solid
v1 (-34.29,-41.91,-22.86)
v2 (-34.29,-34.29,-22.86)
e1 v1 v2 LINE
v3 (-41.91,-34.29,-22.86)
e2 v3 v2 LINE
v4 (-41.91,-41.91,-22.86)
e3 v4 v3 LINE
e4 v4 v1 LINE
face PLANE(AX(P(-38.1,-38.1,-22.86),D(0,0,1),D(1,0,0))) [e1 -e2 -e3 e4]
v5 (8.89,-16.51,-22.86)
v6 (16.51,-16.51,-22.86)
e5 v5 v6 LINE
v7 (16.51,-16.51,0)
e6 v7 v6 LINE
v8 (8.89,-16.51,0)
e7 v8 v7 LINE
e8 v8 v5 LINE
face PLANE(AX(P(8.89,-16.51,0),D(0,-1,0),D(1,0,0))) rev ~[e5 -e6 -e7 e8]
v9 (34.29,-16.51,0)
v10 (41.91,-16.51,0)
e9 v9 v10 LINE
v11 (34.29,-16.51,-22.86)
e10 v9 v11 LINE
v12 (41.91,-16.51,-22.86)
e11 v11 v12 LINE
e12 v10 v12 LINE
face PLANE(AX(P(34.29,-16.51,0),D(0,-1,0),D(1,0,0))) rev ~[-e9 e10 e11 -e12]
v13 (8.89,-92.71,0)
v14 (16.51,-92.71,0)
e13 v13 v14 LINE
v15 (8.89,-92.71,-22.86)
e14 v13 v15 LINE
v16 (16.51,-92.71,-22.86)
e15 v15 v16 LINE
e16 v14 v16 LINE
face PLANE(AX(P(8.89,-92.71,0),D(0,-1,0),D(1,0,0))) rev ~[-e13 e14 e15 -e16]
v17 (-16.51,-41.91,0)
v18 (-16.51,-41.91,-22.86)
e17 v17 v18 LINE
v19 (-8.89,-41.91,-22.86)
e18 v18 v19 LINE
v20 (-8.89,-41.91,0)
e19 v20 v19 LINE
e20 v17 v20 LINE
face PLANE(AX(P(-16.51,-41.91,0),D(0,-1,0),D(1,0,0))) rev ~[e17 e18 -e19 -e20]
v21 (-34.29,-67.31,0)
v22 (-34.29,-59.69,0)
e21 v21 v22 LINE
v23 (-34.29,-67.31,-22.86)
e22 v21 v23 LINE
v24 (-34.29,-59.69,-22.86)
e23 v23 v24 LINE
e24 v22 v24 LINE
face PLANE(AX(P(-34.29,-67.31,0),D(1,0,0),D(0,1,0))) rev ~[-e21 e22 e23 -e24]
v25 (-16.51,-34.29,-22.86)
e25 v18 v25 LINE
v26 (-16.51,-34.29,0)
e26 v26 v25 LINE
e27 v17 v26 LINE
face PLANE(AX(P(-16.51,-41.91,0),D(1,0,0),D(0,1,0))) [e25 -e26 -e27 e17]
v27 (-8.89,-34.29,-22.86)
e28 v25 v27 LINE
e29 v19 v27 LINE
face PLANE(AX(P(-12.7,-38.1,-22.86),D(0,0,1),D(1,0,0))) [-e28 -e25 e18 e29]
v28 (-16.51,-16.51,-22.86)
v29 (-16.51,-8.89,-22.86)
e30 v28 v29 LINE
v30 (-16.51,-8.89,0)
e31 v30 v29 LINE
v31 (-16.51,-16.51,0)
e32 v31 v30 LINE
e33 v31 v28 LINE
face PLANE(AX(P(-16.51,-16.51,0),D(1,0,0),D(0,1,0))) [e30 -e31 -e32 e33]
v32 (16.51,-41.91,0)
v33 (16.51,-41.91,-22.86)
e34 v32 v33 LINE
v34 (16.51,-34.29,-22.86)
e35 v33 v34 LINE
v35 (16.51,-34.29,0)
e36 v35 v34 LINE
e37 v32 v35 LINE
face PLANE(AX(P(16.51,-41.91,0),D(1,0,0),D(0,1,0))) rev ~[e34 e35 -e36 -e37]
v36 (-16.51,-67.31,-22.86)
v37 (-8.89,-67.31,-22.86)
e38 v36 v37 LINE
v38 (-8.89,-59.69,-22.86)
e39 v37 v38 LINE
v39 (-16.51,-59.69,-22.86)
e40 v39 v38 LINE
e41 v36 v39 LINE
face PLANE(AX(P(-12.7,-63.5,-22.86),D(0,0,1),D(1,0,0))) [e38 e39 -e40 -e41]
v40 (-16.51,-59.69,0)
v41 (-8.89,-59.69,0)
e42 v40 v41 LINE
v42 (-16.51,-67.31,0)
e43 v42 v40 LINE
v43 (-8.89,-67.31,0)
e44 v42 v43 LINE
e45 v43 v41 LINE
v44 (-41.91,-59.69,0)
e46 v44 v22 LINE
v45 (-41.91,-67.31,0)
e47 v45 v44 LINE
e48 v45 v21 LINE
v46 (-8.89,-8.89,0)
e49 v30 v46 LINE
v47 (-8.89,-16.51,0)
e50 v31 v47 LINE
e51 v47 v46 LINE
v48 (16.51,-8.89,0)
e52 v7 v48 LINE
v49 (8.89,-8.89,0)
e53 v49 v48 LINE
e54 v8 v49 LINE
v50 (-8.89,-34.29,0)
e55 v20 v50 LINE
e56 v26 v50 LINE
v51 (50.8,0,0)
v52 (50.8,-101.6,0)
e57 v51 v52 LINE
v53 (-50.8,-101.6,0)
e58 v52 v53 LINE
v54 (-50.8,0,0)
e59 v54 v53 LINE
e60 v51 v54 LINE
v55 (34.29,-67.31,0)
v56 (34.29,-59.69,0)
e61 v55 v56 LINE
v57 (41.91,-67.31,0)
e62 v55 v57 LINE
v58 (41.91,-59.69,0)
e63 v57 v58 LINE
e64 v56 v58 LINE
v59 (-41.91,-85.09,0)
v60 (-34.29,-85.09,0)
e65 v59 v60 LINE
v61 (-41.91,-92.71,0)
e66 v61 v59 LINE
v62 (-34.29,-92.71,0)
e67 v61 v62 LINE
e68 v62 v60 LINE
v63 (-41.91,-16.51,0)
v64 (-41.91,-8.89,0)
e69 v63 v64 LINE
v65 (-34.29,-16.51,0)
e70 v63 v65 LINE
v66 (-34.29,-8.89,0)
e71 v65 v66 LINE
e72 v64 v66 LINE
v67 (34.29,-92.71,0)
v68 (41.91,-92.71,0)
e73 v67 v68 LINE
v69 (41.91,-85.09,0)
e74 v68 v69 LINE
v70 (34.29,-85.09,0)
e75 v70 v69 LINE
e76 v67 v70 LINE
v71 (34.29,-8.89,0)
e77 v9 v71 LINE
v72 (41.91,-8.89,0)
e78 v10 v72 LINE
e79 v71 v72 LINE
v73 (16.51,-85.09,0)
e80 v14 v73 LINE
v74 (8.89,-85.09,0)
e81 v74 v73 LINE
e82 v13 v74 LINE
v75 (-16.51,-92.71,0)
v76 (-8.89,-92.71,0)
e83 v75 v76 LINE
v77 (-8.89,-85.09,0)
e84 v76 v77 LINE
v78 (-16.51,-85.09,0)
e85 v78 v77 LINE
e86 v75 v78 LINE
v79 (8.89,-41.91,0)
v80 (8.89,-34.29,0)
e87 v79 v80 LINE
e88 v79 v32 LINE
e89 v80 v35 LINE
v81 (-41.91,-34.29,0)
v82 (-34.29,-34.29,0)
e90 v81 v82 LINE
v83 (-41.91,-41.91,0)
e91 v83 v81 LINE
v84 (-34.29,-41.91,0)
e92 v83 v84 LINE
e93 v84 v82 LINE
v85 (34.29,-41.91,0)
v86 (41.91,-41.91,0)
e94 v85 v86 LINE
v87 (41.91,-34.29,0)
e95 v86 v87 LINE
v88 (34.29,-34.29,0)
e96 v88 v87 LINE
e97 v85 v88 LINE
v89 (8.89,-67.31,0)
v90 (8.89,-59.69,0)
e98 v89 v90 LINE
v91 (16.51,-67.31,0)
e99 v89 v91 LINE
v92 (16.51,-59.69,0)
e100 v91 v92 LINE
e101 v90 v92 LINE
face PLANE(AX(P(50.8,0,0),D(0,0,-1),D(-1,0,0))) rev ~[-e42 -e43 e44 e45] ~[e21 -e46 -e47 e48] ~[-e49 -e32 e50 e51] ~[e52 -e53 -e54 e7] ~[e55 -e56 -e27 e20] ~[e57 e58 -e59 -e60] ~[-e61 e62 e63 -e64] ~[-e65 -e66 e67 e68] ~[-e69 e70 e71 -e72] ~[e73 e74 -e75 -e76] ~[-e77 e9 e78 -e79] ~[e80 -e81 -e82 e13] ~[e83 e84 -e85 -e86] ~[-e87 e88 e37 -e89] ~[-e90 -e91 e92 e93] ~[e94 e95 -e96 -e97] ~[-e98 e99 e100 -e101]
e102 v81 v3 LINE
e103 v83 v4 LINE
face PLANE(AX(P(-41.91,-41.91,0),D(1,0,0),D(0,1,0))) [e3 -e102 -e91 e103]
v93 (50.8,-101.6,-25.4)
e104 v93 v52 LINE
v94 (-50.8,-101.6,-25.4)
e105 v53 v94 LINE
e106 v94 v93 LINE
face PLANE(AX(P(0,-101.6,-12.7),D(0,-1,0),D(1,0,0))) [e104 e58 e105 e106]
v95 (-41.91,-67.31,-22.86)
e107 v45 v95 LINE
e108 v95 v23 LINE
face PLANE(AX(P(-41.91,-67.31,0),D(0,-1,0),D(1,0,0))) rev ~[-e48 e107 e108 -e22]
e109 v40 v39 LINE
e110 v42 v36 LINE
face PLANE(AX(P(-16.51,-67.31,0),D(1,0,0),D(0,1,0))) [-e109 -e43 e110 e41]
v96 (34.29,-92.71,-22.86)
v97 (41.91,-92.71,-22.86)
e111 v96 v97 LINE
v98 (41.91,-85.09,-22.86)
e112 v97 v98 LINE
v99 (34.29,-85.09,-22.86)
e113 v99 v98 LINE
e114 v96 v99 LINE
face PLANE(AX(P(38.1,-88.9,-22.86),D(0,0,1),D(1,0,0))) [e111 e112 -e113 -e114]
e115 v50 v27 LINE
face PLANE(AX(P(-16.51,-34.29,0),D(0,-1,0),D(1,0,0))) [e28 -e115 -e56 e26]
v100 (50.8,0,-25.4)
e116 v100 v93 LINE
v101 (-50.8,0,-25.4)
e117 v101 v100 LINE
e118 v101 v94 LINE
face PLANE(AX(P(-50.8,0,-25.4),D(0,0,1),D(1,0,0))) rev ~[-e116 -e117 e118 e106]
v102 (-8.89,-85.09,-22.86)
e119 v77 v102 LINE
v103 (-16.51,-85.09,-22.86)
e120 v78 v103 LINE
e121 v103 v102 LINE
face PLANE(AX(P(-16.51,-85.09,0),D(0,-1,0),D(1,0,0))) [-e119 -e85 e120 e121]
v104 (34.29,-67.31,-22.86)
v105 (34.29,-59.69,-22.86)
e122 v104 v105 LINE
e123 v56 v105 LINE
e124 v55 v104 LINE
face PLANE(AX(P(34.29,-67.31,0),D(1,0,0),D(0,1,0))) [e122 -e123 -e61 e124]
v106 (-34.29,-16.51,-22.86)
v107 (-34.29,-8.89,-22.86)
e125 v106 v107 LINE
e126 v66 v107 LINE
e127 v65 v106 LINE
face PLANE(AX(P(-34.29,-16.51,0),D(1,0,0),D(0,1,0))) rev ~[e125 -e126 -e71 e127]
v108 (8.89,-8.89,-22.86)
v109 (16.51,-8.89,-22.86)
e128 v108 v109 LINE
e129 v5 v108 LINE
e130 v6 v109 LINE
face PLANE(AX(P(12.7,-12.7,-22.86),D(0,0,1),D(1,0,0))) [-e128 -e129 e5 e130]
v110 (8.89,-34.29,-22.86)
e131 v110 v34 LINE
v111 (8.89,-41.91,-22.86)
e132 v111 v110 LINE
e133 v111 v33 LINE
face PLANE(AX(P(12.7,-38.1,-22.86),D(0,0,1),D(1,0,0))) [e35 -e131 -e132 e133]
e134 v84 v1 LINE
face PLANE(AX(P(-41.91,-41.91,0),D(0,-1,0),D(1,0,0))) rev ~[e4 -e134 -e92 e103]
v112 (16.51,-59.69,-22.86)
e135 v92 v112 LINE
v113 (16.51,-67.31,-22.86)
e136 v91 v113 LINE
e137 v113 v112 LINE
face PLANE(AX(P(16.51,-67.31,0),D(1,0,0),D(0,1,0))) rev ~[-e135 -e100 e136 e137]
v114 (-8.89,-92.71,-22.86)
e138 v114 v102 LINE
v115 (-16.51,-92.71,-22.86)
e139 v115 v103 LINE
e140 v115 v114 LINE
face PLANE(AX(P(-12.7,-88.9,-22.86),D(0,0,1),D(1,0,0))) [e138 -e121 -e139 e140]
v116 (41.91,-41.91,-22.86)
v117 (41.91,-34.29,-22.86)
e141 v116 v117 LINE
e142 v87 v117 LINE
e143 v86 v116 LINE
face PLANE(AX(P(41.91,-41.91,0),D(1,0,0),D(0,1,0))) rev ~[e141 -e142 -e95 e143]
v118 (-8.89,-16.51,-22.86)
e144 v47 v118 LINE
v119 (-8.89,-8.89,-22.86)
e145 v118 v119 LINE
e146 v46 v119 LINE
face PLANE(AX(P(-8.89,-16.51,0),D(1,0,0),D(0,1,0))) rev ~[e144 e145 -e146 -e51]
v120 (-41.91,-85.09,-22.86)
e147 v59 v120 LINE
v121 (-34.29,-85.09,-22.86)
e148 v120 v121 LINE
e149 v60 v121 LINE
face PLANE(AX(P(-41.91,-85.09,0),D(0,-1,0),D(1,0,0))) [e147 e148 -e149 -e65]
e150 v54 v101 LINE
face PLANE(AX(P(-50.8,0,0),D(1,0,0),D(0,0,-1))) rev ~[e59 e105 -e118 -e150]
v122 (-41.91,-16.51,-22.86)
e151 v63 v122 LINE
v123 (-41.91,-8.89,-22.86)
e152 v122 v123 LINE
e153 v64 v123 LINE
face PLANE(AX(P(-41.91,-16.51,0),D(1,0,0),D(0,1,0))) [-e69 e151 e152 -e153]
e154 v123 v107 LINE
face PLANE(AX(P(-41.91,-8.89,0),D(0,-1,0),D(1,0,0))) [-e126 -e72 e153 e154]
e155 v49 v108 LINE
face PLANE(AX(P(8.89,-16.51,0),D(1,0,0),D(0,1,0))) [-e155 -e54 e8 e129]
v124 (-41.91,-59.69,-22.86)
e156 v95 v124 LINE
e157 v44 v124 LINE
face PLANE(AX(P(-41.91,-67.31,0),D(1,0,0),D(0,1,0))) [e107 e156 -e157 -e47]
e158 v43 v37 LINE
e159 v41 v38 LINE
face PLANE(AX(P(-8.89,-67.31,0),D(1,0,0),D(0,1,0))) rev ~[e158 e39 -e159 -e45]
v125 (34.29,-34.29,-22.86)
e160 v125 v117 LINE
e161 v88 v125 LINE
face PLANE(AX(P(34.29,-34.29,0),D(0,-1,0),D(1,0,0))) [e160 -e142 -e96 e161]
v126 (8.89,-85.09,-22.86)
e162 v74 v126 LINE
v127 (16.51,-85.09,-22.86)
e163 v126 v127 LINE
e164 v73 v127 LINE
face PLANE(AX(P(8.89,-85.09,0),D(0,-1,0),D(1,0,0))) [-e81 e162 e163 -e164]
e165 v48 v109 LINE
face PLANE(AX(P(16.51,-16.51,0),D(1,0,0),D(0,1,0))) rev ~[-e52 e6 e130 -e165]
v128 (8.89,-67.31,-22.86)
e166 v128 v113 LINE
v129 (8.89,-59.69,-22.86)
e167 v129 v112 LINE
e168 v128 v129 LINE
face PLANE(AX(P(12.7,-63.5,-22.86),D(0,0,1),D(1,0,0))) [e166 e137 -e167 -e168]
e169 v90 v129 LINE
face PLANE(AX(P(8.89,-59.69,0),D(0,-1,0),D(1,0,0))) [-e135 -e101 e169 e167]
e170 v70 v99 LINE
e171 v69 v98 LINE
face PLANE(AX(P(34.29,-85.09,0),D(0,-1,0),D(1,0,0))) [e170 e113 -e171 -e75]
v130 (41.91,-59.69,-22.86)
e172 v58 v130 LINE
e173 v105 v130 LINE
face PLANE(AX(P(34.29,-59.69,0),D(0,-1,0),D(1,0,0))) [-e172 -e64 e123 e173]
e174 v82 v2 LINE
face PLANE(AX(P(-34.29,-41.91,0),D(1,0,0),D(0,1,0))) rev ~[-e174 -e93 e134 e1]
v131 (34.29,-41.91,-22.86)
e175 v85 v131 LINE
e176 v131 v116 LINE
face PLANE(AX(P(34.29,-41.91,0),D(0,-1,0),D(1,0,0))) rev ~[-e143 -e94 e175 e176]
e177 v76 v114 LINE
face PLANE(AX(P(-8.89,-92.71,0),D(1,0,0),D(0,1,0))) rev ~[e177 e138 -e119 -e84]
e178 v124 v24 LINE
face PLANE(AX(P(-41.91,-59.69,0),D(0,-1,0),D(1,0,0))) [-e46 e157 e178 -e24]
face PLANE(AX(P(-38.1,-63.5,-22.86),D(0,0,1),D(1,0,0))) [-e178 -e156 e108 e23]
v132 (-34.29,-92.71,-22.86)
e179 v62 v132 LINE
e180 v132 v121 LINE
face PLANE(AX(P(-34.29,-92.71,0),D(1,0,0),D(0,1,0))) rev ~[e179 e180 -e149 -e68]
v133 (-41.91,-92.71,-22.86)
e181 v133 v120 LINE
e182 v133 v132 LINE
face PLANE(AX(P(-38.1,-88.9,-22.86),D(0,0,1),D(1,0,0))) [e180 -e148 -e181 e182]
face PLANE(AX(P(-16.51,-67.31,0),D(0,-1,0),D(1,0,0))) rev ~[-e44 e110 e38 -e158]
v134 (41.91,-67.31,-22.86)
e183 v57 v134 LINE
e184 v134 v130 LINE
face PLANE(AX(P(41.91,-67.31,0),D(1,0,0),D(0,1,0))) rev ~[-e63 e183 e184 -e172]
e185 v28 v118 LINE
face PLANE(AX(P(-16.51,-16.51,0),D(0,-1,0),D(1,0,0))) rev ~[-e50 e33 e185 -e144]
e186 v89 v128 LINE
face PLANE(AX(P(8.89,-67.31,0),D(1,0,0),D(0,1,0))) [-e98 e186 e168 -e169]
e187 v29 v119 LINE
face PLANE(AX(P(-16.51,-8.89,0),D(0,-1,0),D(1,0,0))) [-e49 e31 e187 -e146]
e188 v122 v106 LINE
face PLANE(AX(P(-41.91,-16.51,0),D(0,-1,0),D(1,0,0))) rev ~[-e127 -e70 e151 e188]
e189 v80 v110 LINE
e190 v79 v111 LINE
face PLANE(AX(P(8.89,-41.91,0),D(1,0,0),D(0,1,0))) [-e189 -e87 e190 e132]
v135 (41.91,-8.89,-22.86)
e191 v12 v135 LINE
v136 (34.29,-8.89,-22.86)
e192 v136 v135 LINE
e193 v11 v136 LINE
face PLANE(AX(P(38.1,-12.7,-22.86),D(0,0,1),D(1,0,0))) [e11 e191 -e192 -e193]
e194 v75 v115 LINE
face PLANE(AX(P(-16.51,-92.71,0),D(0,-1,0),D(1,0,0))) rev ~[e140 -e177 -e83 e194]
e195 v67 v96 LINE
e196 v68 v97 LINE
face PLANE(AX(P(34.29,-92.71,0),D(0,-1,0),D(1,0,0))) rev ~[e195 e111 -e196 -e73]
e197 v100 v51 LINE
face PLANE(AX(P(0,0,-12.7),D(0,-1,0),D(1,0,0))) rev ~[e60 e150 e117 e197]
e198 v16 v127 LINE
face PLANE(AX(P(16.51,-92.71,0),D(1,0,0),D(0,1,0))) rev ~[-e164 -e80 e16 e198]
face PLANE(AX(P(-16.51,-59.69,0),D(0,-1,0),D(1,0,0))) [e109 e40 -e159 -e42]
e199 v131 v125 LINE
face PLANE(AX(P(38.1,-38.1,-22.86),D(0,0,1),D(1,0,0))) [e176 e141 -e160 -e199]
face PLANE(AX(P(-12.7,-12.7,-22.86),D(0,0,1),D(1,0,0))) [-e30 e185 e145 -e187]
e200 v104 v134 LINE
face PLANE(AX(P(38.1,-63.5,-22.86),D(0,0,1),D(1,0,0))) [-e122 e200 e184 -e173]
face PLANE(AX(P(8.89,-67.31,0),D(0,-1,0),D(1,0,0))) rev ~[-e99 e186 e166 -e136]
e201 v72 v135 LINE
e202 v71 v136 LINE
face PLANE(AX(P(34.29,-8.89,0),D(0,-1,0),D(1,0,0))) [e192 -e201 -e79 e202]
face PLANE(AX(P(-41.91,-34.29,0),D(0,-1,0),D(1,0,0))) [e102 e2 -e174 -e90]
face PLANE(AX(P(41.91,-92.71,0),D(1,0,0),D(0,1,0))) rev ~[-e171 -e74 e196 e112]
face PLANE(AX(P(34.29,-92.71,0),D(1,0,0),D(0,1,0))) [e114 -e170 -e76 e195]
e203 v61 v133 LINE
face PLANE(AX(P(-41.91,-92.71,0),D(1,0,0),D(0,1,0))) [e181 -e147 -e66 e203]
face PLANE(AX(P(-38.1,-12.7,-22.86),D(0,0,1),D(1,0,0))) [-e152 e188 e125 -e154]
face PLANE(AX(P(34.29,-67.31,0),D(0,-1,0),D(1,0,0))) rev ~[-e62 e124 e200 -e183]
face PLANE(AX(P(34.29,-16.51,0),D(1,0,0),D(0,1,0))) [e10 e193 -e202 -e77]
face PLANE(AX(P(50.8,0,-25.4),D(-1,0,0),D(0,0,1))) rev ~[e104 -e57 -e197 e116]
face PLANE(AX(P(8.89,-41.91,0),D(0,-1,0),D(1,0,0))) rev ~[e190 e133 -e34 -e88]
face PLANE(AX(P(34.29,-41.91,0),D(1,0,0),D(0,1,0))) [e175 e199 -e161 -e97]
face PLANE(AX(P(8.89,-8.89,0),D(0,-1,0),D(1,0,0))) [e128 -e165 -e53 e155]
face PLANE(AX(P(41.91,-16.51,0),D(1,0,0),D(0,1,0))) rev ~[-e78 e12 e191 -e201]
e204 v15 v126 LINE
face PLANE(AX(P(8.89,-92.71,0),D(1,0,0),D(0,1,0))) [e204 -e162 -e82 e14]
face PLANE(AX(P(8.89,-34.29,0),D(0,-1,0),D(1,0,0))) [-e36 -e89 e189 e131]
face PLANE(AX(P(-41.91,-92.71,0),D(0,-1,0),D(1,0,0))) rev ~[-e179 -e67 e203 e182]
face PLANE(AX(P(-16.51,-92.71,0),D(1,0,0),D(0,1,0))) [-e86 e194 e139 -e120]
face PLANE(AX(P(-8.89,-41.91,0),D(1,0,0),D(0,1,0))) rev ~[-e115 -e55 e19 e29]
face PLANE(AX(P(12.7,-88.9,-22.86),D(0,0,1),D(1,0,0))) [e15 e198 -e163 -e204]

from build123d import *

# Parameters (mm, degrees)
F1_DEPTH = 101.6
F2_W     = 7.62
F2_H     = 7.62
F3_DEPTH = 22.86


with BuildPart() as f1:
    # F0 (on Front) → F1 (new body)
    with BuildSketch(Plane.XZ):
        Polygon((50.8, 0), (0, 0), (-50.8, 0), (-50.8, -25.4), (50.8, -25.4), align=None)
    extrude(amount=F1_DEPTH)

    # F2 (on face) → F3 (cut)
    with BuildSketch(Plane.XY):
        with Locations((-38.1, -12.7)):
            Rectangle(F2_W, F2_H)
        with Locations((-12.7, -12.7)):
            Rectangle(F2_W, F2_H)
        with Locations((12.7, -12.7)):
            Rectangle(F2_W, F2_H)
        with Locations((38.1, -12.7)):
            Rectangle(F2_W, F2_H)
        with Locations((-38.1, -38.1)):
            Rectangle(F2_W, F2_H)
        with Locations((-12.7, -38.1)):
            Rectangle(F2_W, F2_H)
        with Locations((-38.1, -63.5)):
            Rectangle(F2_W, F2_H)
        with Locations((-38.1, -88.9)):
            Rectangle(F2_W, F2_H)
        with Locations((-12.7, -88.9)):
            Rectangle(F2_W, F2_H)
        with Locations((12.7, -88.9)):
            Rectangle(F2_W, F2_H)
        with Locations((38.1, -88.9)):
            Rectangle(F2_W, F2_H)
        with Locations((38.1, -63.5)):
            Rectangle(F2_W, F2_H)
        with Locations((12.7, -63.5)):
            Rectangle(F2_W, F2_H)
        with Locations((-12.7, -63.5)):
            Rectangle(F2_W, F2_H)
        with Locations((12.7, -38.1)):
            Rectangle(F2_W, F2_H)
        with Locations((38.1, -38.1)):
            Rectangle(F2_W, F2_H)
    extrude(amount=-F3_DEPTH, mode=Mode.SUBTRACT)


solid = f1.part
